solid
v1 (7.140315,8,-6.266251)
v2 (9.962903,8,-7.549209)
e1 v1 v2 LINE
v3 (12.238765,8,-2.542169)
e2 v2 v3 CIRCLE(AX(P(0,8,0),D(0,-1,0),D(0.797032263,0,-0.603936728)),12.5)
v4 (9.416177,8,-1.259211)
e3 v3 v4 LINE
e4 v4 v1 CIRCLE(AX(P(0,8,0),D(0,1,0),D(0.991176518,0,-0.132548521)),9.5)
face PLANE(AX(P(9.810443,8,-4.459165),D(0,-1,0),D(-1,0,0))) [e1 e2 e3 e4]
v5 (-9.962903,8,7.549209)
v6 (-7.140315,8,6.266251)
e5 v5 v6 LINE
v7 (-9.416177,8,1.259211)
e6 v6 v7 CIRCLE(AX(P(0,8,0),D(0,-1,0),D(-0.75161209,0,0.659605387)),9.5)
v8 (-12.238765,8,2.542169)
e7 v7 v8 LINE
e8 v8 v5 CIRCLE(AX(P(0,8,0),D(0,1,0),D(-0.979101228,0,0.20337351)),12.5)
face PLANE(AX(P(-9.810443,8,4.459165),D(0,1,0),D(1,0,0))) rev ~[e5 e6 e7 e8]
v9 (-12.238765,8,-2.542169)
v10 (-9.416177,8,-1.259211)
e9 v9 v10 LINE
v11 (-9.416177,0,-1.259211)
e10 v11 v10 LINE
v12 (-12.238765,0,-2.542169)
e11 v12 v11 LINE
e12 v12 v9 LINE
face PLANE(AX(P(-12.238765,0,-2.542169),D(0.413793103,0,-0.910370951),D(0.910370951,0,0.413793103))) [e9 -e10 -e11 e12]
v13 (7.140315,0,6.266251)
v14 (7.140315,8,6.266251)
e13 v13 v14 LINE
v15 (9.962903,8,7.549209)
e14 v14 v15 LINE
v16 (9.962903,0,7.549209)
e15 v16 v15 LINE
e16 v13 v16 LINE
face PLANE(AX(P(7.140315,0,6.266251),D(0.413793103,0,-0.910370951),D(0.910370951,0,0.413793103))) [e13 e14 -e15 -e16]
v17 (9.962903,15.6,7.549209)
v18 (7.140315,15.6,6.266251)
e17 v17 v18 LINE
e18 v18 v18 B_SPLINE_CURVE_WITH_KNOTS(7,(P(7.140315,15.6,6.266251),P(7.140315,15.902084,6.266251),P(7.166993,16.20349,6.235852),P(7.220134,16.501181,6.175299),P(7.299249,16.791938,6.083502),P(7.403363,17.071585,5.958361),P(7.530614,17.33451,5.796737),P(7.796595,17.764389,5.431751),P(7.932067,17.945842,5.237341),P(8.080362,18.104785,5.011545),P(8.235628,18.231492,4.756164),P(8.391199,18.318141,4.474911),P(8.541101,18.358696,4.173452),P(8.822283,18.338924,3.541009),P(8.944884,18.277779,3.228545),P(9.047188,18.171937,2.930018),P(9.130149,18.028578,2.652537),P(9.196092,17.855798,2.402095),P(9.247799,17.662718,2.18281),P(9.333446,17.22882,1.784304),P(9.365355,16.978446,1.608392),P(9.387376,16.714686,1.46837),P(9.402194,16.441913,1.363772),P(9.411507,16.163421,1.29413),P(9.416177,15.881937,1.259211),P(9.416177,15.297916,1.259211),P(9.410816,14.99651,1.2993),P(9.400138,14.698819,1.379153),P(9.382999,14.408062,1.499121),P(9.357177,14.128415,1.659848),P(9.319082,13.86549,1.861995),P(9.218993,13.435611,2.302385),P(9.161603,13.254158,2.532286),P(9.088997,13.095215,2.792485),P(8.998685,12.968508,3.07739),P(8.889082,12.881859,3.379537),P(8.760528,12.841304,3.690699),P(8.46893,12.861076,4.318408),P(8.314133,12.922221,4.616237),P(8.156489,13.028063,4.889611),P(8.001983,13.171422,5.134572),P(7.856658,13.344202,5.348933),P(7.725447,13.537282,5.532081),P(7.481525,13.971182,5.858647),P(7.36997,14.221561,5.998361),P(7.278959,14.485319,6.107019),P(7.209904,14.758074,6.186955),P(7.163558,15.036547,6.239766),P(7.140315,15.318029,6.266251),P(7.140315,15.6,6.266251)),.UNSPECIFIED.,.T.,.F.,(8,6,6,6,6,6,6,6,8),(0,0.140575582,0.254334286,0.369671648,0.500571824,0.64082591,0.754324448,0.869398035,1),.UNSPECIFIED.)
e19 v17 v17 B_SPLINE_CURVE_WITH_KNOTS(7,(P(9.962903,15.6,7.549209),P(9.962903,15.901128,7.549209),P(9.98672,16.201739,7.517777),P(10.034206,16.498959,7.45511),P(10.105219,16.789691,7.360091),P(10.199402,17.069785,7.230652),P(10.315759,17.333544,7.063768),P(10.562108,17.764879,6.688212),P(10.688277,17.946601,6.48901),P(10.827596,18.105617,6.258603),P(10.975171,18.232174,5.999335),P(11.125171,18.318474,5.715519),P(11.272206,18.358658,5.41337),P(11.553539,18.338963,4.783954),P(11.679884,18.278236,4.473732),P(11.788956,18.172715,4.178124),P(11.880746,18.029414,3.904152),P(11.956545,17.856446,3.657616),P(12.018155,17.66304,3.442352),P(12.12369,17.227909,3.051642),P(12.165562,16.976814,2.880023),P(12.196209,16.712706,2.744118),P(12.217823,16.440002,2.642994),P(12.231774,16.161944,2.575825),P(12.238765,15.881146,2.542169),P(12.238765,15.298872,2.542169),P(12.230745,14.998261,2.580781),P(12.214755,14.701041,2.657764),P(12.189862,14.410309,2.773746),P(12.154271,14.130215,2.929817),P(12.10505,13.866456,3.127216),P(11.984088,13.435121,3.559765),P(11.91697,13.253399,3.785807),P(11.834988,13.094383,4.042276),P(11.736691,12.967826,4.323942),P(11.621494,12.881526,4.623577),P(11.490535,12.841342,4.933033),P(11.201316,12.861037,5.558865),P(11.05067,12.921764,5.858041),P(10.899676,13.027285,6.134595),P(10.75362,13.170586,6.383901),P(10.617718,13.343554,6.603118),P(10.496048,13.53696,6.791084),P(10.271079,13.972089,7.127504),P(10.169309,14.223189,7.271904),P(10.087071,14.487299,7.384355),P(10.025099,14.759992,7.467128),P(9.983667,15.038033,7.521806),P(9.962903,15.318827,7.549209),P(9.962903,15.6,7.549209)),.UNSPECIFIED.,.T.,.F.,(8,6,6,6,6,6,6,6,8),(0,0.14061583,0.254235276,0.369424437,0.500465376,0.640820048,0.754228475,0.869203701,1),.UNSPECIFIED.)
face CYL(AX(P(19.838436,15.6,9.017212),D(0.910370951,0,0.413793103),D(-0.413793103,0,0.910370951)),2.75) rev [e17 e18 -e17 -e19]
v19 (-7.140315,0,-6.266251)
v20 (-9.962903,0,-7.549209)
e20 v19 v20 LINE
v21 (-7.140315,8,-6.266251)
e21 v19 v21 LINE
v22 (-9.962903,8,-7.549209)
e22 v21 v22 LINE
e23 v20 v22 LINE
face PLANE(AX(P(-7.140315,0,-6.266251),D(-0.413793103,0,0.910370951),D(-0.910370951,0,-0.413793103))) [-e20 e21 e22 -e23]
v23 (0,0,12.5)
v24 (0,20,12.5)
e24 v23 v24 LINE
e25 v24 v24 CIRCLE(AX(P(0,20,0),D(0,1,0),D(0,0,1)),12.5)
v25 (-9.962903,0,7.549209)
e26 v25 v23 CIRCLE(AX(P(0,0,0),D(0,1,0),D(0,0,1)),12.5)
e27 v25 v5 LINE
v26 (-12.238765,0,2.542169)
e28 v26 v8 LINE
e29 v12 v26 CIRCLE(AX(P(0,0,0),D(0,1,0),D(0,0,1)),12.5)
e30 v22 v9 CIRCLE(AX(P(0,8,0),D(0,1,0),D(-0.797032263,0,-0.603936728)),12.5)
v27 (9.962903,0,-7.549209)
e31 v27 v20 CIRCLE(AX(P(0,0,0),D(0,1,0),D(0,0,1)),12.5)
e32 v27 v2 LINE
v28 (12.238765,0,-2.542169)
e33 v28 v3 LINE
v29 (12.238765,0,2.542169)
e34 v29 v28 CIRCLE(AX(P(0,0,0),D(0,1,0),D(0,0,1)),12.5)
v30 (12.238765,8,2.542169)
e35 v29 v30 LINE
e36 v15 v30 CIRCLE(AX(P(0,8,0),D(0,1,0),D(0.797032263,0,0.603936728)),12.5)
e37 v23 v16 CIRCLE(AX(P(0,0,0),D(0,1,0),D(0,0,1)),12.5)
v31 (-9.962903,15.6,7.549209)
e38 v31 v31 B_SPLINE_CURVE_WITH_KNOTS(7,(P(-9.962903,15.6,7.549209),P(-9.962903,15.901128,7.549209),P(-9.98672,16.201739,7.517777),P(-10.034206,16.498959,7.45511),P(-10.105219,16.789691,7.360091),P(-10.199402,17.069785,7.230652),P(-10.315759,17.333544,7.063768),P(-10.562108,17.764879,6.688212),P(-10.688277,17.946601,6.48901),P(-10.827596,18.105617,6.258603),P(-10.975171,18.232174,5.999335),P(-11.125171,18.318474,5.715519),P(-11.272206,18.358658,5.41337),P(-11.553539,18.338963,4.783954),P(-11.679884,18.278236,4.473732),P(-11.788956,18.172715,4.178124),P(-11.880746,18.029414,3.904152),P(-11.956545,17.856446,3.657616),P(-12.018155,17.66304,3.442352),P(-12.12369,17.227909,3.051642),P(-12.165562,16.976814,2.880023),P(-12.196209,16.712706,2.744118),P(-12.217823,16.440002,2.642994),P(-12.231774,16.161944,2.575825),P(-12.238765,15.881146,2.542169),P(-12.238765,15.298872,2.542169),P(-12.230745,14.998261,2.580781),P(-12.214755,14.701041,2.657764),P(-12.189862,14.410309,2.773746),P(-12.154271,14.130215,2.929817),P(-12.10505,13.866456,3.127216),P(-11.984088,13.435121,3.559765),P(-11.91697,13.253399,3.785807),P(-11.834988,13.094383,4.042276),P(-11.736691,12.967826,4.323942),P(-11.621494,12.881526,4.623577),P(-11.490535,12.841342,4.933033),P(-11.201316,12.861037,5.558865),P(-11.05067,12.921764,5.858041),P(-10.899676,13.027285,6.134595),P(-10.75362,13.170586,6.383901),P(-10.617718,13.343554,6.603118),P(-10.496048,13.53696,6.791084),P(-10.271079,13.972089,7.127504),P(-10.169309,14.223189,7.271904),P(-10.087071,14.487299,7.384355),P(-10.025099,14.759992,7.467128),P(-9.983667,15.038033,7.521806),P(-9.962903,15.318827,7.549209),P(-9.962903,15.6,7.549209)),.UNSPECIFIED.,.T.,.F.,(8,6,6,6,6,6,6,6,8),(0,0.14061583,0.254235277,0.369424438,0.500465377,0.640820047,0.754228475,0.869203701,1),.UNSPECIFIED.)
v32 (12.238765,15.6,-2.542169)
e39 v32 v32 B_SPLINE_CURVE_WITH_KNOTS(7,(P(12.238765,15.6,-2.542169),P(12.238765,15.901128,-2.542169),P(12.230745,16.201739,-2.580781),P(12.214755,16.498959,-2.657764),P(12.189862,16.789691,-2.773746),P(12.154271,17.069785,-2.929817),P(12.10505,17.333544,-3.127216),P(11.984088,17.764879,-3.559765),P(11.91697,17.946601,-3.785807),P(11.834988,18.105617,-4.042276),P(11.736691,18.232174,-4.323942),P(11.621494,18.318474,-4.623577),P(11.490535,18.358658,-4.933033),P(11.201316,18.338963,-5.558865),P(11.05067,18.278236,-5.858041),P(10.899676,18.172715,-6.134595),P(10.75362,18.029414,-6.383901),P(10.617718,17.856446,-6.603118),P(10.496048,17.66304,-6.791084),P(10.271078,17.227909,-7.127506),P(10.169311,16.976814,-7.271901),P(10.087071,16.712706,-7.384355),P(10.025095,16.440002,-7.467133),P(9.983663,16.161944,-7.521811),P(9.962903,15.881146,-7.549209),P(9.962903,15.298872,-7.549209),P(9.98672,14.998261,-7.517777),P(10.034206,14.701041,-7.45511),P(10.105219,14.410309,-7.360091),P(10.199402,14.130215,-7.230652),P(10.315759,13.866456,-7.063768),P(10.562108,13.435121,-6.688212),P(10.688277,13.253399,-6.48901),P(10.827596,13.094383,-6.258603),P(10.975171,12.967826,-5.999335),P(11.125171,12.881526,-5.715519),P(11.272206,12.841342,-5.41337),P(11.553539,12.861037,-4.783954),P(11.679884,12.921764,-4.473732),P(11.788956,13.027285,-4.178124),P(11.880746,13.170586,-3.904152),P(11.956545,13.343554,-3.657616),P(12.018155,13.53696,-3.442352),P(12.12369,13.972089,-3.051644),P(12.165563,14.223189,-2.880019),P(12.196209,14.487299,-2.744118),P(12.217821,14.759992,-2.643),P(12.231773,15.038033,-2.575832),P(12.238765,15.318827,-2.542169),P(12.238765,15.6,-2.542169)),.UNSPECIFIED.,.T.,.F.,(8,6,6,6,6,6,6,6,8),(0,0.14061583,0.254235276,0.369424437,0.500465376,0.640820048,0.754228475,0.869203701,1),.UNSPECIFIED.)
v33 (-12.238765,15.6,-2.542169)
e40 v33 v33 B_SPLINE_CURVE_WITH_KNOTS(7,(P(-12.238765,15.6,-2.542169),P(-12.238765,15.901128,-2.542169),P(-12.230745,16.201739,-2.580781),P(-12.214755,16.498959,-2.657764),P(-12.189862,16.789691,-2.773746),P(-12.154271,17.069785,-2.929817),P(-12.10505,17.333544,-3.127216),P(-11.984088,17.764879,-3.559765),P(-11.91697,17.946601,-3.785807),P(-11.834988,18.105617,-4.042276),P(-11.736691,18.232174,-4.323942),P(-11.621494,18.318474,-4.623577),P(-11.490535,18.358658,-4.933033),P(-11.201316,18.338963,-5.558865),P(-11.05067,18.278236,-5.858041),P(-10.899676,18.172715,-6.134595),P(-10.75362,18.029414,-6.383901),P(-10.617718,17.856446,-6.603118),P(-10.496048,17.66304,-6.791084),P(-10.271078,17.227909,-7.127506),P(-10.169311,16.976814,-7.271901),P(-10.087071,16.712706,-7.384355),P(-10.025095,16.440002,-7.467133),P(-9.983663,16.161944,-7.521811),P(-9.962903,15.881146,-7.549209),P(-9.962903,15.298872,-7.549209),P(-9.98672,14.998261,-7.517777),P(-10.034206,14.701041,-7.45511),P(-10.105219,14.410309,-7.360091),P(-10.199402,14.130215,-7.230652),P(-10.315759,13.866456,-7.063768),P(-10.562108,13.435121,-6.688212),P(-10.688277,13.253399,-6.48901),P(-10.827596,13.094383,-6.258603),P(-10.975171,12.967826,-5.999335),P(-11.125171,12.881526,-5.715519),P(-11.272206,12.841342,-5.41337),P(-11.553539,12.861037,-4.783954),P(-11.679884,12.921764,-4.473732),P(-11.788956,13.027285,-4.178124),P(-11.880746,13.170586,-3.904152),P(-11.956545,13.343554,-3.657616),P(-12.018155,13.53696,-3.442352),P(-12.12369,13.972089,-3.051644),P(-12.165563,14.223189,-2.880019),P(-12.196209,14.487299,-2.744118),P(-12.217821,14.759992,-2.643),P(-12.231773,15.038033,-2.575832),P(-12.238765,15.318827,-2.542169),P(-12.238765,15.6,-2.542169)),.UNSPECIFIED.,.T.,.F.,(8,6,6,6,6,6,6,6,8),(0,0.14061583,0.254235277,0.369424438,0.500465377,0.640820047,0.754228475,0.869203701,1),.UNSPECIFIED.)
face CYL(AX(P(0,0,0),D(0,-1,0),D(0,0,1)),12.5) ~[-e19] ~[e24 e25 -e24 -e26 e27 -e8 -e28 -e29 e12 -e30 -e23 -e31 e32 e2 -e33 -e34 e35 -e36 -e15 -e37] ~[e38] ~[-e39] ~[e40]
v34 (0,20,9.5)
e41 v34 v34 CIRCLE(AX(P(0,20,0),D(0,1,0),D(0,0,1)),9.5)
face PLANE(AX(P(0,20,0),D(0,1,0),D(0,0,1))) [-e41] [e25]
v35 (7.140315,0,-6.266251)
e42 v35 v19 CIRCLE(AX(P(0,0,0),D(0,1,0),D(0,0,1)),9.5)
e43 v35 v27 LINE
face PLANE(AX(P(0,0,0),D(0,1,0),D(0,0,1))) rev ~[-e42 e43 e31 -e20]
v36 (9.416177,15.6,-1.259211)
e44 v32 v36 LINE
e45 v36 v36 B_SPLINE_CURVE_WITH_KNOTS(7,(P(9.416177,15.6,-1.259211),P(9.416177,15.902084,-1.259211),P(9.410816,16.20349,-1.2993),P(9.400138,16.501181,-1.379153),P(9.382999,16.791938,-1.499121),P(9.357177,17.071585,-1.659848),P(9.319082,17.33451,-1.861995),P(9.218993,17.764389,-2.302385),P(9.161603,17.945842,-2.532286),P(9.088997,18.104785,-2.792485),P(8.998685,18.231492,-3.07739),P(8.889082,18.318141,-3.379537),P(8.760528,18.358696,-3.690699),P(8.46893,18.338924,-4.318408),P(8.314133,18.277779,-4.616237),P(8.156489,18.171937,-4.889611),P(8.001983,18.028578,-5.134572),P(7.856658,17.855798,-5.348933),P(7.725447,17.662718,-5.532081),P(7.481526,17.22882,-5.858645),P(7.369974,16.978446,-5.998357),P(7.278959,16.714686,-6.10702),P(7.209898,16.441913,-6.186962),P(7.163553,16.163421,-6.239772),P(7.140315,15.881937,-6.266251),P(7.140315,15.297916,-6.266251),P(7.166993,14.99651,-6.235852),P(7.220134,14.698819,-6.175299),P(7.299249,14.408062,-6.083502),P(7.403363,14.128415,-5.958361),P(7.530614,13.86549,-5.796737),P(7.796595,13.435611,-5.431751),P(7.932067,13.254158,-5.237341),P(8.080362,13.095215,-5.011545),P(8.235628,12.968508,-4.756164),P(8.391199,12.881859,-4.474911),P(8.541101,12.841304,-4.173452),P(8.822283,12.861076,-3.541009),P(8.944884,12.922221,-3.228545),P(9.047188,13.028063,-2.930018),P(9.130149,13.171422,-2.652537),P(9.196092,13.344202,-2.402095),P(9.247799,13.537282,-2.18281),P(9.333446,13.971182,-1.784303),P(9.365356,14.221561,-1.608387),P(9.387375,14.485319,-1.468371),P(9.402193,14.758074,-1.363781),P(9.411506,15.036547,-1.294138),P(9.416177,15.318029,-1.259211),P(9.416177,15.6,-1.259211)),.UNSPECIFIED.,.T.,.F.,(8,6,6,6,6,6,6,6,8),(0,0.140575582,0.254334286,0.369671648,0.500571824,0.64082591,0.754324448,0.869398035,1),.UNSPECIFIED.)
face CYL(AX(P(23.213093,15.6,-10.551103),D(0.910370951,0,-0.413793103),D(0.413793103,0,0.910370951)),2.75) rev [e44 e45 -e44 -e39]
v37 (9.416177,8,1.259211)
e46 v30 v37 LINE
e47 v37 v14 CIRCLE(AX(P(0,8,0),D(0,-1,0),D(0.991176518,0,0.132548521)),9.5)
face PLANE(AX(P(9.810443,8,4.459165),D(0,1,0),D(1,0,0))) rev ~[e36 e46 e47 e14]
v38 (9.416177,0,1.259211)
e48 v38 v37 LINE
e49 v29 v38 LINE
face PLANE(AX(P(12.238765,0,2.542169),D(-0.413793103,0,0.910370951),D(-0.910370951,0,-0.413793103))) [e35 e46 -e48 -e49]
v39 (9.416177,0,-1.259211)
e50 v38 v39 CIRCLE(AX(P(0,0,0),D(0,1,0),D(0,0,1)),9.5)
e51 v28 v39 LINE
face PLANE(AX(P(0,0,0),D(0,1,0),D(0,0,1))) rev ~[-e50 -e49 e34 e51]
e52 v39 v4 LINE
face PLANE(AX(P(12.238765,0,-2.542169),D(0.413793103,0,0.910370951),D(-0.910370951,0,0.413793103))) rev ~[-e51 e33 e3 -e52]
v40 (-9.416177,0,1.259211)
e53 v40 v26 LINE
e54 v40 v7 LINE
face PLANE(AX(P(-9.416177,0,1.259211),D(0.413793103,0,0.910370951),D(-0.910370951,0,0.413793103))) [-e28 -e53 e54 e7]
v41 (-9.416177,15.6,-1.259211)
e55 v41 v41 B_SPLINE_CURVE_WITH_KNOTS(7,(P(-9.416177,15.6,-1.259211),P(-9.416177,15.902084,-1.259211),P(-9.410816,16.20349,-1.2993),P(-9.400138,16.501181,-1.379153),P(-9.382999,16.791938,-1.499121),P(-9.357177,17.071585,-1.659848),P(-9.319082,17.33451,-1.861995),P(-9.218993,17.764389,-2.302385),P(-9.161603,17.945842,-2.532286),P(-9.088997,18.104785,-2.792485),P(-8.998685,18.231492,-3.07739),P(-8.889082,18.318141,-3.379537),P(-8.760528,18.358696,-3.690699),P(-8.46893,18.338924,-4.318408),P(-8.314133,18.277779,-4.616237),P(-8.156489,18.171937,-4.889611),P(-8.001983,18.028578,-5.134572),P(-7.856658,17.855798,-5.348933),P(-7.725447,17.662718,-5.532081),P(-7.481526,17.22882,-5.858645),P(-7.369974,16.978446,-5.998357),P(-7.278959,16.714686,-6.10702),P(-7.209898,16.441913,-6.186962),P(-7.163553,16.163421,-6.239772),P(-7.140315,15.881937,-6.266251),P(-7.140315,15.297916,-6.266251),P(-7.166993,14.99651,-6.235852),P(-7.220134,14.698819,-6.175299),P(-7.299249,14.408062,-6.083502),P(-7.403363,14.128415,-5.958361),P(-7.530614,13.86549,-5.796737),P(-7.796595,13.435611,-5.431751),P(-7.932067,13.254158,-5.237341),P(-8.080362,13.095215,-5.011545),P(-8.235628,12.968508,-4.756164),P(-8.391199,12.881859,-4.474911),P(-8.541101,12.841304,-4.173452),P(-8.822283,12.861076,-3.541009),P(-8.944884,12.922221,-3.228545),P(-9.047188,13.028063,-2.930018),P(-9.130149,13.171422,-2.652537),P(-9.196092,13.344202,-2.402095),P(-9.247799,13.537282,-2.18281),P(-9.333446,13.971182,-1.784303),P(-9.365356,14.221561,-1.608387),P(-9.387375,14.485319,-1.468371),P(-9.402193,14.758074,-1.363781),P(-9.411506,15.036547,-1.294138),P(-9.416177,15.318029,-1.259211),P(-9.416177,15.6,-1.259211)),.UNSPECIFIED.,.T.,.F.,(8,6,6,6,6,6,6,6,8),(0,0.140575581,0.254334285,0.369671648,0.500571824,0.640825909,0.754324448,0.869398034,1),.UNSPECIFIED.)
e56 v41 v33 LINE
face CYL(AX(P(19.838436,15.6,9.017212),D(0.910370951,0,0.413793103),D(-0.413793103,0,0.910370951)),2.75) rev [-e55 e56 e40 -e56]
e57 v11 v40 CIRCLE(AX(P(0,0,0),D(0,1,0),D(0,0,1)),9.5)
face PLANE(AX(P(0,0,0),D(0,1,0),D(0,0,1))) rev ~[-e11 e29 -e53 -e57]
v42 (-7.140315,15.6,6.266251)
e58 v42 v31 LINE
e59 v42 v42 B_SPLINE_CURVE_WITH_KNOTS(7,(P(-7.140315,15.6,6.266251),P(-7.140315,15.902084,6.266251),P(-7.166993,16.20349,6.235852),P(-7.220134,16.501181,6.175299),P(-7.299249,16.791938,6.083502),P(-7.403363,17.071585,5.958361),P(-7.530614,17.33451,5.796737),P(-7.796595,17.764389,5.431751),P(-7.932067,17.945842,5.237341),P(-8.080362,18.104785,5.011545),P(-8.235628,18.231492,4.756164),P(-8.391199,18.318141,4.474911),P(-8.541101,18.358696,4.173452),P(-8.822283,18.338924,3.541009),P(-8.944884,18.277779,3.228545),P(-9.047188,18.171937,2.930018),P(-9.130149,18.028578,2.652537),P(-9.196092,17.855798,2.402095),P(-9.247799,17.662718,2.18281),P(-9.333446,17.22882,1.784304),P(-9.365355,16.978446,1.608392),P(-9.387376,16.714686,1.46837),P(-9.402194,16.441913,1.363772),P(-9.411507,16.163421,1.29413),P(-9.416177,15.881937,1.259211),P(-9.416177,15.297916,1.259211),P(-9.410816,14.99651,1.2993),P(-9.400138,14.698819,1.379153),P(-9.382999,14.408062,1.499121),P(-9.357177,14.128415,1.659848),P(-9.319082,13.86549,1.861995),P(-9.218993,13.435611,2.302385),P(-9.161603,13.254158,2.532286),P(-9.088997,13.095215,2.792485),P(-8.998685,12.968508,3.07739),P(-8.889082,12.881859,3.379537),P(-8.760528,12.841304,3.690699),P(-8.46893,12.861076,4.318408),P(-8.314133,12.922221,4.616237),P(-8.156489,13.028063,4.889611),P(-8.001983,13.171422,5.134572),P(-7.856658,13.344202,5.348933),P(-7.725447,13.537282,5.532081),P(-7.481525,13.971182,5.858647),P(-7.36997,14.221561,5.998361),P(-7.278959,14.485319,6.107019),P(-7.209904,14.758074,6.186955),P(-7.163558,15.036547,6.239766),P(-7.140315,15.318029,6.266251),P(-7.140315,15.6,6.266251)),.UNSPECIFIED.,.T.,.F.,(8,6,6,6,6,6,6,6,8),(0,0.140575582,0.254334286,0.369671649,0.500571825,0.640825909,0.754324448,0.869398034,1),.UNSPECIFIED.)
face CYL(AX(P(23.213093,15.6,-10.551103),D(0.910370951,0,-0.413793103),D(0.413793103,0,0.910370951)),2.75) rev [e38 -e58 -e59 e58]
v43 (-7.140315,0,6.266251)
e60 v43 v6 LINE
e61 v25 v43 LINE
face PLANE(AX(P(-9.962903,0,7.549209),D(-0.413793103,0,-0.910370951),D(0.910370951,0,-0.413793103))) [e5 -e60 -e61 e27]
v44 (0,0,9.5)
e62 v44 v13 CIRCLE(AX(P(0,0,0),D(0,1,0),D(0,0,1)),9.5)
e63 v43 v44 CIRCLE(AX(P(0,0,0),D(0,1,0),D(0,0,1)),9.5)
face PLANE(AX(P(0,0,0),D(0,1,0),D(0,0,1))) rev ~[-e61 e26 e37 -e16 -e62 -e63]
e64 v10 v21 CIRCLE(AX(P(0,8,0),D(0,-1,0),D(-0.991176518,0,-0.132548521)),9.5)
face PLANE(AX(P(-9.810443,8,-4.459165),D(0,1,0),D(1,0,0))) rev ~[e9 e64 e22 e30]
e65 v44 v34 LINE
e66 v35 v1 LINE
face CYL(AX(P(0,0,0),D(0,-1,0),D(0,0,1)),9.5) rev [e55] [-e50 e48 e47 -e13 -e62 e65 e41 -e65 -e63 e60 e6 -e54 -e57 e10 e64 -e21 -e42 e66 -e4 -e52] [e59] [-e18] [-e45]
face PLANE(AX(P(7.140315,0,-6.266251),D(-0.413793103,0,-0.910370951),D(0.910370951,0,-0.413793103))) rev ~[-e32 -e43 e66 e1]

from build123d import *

# Parameters (mm, degrees)
SKETCH1_R               = 12.5
SKETCH1_R_2             = 9.5
BOSS_EXTRUDE1_DEPTH     = 20
CUT_EXTRUDE1_DEPTH      = 25.498499593
CUT_EXTRUDE1_DEPTH_BACK = 25.498499593
SKETCH2_R               = 2.75
CUT_EXTRUDE2_DEPTH      = 41.591596454
CUT_EXTRUDE2_DEPTH_BACK = 41.591596454
SKETCH3_R               = 2.75
CUT_EXTRUDE3_DEPTH      = 8


with BuildPart() as part:
    # Sketch1 → Boss-Extrude1 (new body)
    with BuildSketch(Plane(origin=(0, 0, 0), x_dir=(1, 0, 0), z_dir=(0, 1, 0))):
        with Locations(Location((0, 0, 0), (0, 0, 270))):
            Circle(SKETCH1_R)
        with Locations(Location((0, 0, 0), (0, 0, 270))):
            Circle(SKETCH1_R_2, mode=Mode.SUBTRACT)
    extrude(amount=BOSS_EXTRUDE1_DEPTH)

    # Sketch2 → Cut-Extrude1 (cut, two sides: drawn at the far end of the back side and taken through both)
    with BuildSketch(Plane(origin=(0, 3.038971661, 0), x_dir=(0.41379310344827586, 0, 0.9103709505133852), z_dir=(-0.9103709505133852, 0, 0.41379310344827586)).offset(-CUT_EXTRUDE1_DEPTH_BACK)):
        with Locations((0, 12.561028339)):
            Circle(SKETCH2_R)
    extrude(amount=CUT_EXTRUDE1_DEPTH + CUT_EXTRUDE1_DEPTH_BACK, mode=Mode.SUBTRACT)

    # Sketch3 → Cut-Extrude2 (cut, two sides: drawn at the far end of the back side and taken through both)
    with BuildSketch(Plane(origin=(-18.02534482, 3.038971661, -8.193103448), x_dir=(-0.41379310344827586, 0, 0.9103709505133852), z_dir=(-0.9103709505133852, 0, -0.41379310344827586)).offset(-CUT_EXTRUDE2_DEPTH_BACK)):
        with Locations((0, 12.561028339)):
            Circle(SKETCH3_R)
    extrude(amount=CUT_EXTRUDE2_DEPTH + CUT_EXTRUDE2_DEPTH_BACK, mode=Mode.SUBTRACT)

    # Sketch6 → Cut-Extrude3 (cut)
    with BuildSketch(Plane(origin=(0, 0, 0), x_dir=(1, 0, 0), z_dir=(0, 1, 0))):
        with BuildLine():
            Line((-9.962903285, -7.549209106), (-7.140314851, -6.266251179))
            ThreePointArc((-7.140314851, -6.266251179), (-8.64852403, -3.931034483), (-9.41617692, -1.259210951))
            Line((-9.41617692, -1.259210951), (-12.238765354, -2.542168878))
            ThreePointArc((-12.238765354, -2.542168878), (-11.379636881, -5.172413793), (-9.962903285, -7.549209106))
        make_face()
        with BuildLine():
            Line((-12.238765354, 2.542168878), (-9.41617692, 1.259210951))
            ThreePointArc((-9.41617692, 1.259210951), (-8.64852403, 3.931034483), (-7.140314851, 6.266251179))
            Line((-7.140314851, 6.266251179), (-9.962903285, 7.549209106))
            ThreePointArc((-9.962903285, 7.549209106), (-11.379636881, 5.172413793), (-12.238765354, 2.542168878))
        make_face()
        with BuildLine():
            Line((7.140314851, 6.266251179), (9.962903285, 7.549209106))
            ThreePointArc((9.962903285, 7.549209106), (11.379636881, 5.172413793), (12.238765354, 2.542168878))
            Line((12.238765354, 2.542168878), (9.41617692, 1.259210951))
            ThreePointArc((9.41617692, 1.259210951), (8.64852403, 3.931034483), (7.140314851, 6.266251179))
        make_face()
        with BuildLine():
            Line((7.140314851, -6.266251179), (9.962903285, -7.549209106))
            ThreePointArc((9.962903285, -7.549209106), (11.379636881, -5.172413793), (12.238765354, -2.542168878))
            Line((12.238765354, -2.542168878), (9.41617692, -1.259210951))
            ThreePointArc((9.41617692, -1.259210951), (8.64852403, -3.931034483), (7.140314851, -6.266251179))
        make_face()
    extrude(amount=CUT_EXTRUDE3_DEPTH, mode=Mode.SUBTRACT)


solid = part.part
